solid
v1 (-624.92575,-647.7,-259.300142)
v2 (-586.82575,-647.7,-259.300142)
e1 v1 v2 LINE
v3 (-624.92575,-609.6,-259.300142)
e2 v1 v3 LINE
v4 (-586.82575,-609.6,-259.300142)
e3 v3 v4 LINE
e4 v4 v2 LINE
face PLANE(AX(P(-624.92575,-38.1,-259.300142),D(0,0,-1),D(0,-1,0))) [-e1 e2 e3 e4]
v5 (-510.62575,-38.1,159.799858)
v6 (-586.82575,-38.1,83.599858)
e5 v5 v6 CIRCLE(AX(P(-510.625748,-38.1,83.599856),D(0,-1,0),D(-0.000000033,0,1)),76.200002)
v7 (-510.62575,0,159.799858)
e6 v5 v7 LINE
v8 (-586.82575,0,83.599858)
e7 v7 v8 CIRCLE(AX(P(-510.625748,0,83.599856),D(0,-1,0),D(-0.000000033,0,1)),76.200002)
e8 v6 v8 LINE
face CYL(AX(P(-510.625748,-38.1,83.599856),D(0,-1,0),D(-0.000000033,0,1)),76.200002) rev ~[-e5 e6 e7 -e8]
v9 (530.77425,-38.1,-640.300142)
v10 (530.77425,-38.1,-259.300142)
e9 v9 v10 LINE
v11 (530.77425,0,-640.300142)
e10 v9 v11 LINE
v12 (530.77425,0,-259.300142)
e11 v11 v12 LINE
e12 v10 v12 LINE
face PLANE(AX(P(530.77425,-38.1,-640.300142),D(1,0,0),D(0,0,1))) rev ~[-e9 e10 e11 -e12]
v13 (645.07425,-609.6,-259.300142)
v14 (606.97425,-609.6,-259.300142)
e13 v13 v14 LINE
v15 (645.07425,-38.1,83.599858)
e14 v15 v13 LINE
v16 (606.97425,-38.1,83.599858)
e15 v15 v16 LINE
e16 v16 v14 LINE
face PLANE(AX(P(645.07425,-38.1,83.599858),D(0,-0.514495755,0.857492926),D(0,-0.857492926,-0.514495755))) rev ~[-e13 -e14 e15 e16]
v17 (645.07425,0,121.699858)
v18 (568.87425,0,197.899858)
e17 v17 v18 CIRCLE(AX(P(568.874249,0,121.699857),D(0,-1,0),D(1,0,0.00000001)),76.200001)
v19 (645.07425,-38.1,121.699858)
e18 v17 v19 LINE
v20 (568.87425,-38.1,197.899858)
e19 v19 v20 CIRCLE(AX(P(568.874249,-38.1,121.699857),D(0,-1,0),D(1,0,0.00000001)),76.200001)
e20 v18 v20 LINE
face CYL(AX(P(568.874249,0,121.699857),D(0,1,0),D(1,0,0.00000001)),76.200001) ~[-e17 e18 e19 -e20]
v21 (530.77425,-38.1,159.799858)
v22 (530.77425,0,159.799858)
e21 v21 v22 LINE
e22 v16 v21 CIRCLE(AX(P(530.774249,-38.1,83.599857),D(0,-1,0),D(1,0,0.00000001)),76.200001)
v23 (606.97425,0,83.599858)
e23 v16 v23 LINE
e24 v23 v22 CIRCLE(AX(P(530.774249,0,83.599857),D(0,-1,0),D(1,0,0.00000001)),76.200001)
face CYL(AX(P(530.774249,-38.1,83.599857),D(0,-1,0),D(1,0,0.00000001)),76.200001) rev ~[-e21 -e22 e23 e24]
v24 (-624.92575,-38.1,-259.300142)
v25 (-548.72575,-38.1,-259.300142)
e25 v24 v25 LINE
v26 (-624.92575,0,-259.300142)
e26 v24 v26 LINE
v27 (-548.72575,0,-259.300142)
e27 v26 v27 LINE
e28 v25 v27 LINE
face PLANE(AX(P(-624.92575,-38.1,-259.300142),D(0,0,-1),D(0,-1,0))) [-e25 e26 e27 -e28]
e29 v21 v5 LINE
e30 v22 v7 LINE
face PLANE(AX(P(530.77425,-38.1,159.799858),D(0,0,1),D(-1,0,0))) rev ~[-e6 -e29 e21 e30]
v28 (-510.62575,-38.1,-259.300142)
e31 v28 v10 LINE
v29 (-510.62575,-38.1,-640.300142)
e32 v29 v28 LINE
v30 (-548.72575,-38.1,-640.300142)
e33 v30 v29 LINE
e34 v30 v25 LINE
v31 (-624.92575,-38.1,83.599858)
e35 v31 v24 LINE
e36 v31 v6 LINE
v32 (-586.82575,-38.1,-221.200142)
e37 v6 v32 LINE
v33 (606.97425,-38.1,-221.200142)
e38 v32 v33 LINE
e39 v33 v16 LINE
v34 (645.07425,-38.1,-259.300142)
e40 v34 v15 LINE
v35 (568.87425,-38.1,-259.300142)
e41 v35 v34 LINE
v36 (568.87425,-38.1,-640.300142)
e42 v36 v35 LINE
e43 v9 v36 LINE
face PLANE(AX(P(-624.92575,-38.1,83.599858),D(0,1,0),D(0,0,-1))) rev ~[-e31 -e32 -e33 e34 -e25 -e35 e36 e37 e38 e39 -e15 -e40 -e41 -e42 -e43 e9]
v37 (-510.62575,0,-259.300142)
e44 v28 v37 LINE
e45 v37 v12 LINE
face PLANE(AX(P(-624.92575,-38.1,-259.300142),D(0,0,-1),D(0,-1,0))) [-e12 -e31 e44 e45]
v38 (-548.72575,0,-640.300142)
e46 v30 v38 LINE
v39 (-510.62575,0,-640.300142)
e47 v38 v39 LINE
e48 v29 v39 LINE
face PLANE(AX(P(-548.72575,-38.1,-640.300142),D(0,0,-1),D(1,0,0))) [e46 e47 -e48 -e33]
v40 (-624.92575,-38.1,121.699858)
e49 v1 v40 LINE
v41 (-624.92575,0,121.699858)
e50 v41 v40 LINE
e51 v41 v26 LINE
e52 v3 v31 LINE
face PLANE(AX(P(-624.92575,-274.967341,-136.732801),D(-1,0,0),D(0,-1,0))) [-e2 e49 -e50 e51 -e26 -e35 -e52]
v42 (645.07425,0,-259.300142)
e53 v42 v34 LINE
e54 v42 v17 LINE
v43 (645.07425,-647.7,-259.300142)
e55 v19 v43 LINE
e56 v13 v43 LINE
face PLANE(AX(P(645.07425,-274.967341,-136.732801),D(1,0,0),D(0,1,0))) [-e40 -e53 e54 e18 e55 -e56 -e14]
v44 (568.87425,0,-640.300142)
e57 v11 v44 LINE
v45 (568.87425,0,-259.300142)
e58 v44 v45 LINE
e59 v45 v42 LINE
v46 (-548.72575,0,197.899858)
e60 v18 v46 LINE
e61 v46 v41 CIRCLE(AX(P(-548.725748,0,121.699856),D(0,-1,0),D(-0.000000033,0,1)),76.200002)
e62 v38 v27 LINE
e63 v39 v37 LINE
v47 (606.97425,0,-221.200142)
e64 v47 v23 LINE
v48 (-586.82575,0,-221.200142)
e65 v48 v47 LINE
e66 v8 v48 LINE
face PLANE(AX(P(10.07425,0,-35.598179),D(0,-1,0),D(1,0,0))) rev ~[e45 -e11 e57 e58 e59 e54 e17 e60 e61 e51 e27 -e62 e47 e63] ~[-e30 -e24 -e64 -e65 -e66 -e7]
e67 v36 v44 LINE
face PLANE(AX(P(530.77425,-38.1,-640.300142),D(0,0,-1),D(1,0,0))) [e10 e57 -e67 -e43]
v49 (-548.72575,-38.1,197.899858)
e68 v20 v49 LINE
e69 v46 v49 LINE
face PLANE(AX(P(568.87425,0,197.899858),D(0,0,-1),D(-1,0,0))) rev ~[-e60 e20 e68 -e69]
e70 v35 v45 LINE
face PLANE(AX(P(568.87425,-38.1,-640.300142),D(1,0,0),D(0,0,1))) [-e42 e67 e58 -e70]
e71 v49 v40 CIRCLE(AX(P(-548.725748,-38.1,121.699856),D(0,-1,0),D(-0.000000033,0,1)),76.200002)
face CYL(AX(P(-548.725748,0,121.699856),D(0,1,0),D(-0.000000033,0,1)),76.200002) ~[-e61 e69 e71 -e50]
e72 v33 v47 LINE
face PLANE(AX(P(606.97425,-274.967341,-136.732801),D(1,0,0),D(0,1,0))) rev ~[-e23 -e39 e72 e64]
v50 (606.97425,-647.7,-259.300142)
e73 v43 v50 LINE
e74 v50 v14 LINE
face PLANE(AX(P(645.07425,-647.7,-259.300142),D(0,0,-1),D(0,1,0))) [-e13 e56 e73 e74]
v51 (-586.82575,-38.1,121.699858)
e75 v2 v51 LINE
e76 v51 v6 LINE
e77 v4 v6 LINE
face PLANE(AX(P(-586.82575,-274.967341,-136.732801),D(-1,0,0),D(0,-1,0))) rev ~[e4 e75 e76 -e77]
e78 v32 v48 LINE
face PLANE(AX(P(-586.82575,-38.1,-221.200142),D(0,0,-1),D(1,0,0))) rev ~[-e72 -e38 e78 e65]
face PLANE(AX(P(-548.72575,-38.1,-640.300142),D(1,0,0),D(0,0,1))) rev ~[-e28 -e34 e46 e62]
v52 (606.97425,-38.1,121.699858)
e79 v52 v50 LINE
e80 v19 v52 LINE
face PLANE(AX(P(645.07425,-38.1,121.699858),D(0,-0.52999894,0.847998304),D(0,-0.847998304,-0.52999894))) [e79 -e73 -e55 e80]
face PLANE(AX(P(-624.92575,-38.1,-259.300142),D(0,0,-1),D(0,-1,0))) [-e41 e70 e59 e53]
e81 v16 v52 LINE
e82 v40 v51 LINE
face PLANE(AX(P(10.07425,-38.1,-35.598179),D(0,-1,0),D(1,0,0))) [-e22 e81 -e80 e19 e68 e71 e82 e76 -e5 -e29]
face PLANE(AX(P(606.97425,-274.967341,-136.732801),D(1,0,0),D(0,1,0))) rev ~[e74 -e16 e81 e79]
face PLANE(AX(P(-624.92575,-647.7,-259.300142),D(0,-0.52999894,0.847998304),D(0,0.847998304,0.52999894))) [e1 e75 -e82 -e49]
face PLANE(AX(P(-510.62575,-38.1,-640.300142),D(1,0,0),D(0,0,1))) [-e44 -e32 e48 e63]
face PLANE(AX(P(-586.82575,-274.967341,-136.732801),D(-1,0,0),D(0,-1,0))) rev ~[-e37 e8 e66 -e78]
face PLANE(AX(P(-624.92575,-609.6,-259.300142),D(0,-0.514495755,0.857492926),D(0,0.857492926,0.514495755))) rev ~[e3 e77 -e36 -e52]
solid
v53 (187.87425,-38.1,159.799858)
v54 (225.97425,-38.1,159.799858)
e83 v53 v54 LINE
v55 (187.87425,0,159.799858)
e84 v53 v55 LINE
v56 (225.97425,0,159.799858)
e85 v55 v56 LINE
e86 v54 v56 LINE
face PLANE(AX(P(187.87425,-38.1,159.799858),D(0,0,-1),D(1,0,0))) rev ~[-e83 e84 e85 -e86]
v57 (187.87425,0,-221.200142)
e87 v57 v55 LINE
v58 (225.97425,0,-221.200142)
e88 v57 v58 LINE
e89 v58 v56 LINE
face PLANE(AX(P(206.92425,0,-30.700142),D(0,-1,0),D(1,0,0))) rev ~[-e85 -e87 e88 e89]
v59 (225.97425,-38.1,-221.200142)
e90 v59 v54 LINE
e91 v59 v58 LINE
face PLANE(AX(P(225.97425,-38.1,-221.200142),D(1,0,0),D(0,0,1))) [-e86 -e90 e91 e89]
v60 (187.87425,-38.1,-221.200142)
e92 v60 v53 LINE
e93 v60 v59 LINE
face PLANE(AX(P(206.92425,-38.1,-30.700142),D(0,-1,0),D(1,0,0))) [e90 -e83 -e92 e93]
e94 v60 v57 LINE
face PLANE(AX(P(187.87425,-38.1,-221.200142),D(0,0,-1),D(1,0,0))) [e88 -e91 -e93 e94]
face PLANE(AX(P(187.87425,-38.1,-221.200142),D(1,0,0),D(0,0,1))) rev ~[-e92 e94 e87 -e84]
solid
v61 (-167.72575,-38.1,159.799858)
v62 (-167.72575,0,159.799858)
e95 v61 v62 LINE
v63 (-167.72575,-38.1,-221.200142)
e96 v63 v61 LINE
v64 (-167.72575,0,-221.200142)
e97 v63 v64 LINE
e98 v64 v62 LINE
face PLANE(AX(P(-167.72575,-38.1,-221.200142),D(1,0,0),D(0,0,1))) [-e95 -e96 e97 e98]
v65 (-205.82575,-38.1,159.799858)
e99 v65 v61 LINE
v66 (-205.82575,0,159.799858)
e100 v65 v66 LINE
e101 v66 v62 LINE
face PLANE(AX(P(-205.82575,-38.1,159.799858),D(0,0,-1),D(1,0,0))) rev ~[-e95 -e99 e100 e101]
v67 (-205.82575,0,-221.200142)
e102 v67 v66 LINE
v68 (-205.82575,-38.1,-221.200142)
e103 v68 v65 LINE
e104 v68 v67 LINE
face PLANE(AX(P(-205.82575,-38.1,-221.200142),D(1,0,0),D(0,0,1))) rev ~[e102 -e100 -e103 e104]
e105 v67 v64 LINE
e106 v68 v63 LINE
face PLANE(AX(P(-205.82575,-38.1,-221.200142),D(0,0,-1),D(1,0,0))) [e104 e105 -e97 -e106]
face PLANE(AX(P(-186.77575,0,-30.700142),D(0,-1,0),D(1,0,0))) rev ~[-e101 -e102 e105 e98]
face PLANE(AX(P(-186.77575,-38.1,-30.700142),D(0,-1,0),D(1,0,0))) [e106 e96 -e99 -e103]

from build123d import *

# Parameters (mm, degrees)
F1_DEPTH  = 38.1
F3_DEPTH  = 38.1
F4_W      = 38.1
F4_H      = 381
F5_DEPTH  = 38.1
F7_DEPTH  = 38.1
F9_DEPTH  = 38.1
F11_DEPTH = 38.1
F13_DEPTH = 38.1
F14_W     = 38.1
F14_H     = 381
F15_DEPTH = 38.1


with BuildPart() as f1:
    # F0 (on Front) → F1 (new body)
    with BuildSketch(Plane.XZ):
        with BuildLine():
            Line((568.87425, 197.899858), (-548.72575, 197.899858))
            ThreePointArc((-548.72575, 197.899858), (-602.607286, 175.581394), (-624.92575, 121.699858))
            Line((-624.92575, 121.699858), (-624.92575, -259.300142))
            Line((-624.92575, -259.300142), (645.07425, -259.300142))
            Line((645.07425, -259.300142), (645.07425, 121.699858))
            ThreePointArc((645.07425, 121.699858), (622.755787, 175.581394), (568.87425, 197.899858))
        make_face()
    extrude(amount=F1_DEPTH)

    # F2 (on face) → F3 (cut)
    with BuildSketch(Plane.XZ.offset(38.1)):
        with BuildLine():
            Line((530.77425, 159.799858), (-510.62575, 159.799858))
            ThreePointArc((-510.62575, 159.799858), (-564.507286, 137.481394), (-586.82575, 83.599858))
            Line((-586.82575, 83.599858), (-586.82575, -221.200142))
            Line((-586.82575, -221.200142), (606.97425, -221.200142))
            Line((606.97425, -221.200142), (606.97425, 83.599858))
            ThreePointArc((606.97425, 83.599858), (584.655787, 137.481394), (530.77425, 159.799858))
        make_face()
    extrude(amount=-F3_DEPTH, mode=Mode.SUBTRACT)

    # F6 (on face) → F7 (join)
    with BuildSketch(Plane.YZ.offset(645.07425)):
        Polygon((-38.1, -259.300142), (-38.1, 121.699858), (-647.7, -259.300142), align=None)
    extrude(amount=-F7_DEPTH)

    # F8 (on face) → F9 (cut)
    with BuildSketch(Plane.YZ.offset(645.07425)):
        Polygon((-38.1, 83.599858), (-609.6, -259.300142), (-38.1, -259.300142), align=None)
    extrude(amount=-F9_DEPTH, mode=Mode.SUBTRACT)

    # F10 (on face) → F11 (join)
    with BuildSketch(Plane(origin=(-624.92575, 0, 0), x_dir=(0, -1, 0), z_dir=(-1, 0, 0))):
        Polygon((647.7, -259.300142), (38.1, 121.699858), (38.1, -259.300142), align=None)
    extrude(amount=-F11_DEPTH)

    # F12 (on face) → F13 (cut)
    with BuildSketch(Plane(origin=(-624.92575, 0, 0), x_dir=(0, -1, 0), z_dir=(-1, 0, 0))):
        Polygon((38.1, 83.599858), (38.1, -259.300142), (609.6, -259.300142), align=None)
    extrude(amount=-F13_DEPTH, mode=Mode.SUBTRACT)

    # F14 (on face) → F15 (join)
    with BuildSketch(Plane.XZ.offset(38.1)):
        with Locations((-529.67575, -449.800142)):
            Rectangle(F14_W, F14_H)
        with Locations((549.82425, -449.800142)):
            Rectangle(F14_W, F14_H)
    extrude(amount=-F15_DEPTH)


with BuildPart() as f5:
    # F4 (on face) → F5 (new body)
    with BuildSketch(Plane.XZ.offset(38.1)):
        with Locations((-186.77575, -30.700142)):
            Rectangle(F4_W, F4_H)
        with Locations((206.92425, -30.700142)):
            Rectangle(F4_W, F4_H)
    extrude(amount=-F5_DEPTH)


solid = Compound([f1.part, f5.part])
